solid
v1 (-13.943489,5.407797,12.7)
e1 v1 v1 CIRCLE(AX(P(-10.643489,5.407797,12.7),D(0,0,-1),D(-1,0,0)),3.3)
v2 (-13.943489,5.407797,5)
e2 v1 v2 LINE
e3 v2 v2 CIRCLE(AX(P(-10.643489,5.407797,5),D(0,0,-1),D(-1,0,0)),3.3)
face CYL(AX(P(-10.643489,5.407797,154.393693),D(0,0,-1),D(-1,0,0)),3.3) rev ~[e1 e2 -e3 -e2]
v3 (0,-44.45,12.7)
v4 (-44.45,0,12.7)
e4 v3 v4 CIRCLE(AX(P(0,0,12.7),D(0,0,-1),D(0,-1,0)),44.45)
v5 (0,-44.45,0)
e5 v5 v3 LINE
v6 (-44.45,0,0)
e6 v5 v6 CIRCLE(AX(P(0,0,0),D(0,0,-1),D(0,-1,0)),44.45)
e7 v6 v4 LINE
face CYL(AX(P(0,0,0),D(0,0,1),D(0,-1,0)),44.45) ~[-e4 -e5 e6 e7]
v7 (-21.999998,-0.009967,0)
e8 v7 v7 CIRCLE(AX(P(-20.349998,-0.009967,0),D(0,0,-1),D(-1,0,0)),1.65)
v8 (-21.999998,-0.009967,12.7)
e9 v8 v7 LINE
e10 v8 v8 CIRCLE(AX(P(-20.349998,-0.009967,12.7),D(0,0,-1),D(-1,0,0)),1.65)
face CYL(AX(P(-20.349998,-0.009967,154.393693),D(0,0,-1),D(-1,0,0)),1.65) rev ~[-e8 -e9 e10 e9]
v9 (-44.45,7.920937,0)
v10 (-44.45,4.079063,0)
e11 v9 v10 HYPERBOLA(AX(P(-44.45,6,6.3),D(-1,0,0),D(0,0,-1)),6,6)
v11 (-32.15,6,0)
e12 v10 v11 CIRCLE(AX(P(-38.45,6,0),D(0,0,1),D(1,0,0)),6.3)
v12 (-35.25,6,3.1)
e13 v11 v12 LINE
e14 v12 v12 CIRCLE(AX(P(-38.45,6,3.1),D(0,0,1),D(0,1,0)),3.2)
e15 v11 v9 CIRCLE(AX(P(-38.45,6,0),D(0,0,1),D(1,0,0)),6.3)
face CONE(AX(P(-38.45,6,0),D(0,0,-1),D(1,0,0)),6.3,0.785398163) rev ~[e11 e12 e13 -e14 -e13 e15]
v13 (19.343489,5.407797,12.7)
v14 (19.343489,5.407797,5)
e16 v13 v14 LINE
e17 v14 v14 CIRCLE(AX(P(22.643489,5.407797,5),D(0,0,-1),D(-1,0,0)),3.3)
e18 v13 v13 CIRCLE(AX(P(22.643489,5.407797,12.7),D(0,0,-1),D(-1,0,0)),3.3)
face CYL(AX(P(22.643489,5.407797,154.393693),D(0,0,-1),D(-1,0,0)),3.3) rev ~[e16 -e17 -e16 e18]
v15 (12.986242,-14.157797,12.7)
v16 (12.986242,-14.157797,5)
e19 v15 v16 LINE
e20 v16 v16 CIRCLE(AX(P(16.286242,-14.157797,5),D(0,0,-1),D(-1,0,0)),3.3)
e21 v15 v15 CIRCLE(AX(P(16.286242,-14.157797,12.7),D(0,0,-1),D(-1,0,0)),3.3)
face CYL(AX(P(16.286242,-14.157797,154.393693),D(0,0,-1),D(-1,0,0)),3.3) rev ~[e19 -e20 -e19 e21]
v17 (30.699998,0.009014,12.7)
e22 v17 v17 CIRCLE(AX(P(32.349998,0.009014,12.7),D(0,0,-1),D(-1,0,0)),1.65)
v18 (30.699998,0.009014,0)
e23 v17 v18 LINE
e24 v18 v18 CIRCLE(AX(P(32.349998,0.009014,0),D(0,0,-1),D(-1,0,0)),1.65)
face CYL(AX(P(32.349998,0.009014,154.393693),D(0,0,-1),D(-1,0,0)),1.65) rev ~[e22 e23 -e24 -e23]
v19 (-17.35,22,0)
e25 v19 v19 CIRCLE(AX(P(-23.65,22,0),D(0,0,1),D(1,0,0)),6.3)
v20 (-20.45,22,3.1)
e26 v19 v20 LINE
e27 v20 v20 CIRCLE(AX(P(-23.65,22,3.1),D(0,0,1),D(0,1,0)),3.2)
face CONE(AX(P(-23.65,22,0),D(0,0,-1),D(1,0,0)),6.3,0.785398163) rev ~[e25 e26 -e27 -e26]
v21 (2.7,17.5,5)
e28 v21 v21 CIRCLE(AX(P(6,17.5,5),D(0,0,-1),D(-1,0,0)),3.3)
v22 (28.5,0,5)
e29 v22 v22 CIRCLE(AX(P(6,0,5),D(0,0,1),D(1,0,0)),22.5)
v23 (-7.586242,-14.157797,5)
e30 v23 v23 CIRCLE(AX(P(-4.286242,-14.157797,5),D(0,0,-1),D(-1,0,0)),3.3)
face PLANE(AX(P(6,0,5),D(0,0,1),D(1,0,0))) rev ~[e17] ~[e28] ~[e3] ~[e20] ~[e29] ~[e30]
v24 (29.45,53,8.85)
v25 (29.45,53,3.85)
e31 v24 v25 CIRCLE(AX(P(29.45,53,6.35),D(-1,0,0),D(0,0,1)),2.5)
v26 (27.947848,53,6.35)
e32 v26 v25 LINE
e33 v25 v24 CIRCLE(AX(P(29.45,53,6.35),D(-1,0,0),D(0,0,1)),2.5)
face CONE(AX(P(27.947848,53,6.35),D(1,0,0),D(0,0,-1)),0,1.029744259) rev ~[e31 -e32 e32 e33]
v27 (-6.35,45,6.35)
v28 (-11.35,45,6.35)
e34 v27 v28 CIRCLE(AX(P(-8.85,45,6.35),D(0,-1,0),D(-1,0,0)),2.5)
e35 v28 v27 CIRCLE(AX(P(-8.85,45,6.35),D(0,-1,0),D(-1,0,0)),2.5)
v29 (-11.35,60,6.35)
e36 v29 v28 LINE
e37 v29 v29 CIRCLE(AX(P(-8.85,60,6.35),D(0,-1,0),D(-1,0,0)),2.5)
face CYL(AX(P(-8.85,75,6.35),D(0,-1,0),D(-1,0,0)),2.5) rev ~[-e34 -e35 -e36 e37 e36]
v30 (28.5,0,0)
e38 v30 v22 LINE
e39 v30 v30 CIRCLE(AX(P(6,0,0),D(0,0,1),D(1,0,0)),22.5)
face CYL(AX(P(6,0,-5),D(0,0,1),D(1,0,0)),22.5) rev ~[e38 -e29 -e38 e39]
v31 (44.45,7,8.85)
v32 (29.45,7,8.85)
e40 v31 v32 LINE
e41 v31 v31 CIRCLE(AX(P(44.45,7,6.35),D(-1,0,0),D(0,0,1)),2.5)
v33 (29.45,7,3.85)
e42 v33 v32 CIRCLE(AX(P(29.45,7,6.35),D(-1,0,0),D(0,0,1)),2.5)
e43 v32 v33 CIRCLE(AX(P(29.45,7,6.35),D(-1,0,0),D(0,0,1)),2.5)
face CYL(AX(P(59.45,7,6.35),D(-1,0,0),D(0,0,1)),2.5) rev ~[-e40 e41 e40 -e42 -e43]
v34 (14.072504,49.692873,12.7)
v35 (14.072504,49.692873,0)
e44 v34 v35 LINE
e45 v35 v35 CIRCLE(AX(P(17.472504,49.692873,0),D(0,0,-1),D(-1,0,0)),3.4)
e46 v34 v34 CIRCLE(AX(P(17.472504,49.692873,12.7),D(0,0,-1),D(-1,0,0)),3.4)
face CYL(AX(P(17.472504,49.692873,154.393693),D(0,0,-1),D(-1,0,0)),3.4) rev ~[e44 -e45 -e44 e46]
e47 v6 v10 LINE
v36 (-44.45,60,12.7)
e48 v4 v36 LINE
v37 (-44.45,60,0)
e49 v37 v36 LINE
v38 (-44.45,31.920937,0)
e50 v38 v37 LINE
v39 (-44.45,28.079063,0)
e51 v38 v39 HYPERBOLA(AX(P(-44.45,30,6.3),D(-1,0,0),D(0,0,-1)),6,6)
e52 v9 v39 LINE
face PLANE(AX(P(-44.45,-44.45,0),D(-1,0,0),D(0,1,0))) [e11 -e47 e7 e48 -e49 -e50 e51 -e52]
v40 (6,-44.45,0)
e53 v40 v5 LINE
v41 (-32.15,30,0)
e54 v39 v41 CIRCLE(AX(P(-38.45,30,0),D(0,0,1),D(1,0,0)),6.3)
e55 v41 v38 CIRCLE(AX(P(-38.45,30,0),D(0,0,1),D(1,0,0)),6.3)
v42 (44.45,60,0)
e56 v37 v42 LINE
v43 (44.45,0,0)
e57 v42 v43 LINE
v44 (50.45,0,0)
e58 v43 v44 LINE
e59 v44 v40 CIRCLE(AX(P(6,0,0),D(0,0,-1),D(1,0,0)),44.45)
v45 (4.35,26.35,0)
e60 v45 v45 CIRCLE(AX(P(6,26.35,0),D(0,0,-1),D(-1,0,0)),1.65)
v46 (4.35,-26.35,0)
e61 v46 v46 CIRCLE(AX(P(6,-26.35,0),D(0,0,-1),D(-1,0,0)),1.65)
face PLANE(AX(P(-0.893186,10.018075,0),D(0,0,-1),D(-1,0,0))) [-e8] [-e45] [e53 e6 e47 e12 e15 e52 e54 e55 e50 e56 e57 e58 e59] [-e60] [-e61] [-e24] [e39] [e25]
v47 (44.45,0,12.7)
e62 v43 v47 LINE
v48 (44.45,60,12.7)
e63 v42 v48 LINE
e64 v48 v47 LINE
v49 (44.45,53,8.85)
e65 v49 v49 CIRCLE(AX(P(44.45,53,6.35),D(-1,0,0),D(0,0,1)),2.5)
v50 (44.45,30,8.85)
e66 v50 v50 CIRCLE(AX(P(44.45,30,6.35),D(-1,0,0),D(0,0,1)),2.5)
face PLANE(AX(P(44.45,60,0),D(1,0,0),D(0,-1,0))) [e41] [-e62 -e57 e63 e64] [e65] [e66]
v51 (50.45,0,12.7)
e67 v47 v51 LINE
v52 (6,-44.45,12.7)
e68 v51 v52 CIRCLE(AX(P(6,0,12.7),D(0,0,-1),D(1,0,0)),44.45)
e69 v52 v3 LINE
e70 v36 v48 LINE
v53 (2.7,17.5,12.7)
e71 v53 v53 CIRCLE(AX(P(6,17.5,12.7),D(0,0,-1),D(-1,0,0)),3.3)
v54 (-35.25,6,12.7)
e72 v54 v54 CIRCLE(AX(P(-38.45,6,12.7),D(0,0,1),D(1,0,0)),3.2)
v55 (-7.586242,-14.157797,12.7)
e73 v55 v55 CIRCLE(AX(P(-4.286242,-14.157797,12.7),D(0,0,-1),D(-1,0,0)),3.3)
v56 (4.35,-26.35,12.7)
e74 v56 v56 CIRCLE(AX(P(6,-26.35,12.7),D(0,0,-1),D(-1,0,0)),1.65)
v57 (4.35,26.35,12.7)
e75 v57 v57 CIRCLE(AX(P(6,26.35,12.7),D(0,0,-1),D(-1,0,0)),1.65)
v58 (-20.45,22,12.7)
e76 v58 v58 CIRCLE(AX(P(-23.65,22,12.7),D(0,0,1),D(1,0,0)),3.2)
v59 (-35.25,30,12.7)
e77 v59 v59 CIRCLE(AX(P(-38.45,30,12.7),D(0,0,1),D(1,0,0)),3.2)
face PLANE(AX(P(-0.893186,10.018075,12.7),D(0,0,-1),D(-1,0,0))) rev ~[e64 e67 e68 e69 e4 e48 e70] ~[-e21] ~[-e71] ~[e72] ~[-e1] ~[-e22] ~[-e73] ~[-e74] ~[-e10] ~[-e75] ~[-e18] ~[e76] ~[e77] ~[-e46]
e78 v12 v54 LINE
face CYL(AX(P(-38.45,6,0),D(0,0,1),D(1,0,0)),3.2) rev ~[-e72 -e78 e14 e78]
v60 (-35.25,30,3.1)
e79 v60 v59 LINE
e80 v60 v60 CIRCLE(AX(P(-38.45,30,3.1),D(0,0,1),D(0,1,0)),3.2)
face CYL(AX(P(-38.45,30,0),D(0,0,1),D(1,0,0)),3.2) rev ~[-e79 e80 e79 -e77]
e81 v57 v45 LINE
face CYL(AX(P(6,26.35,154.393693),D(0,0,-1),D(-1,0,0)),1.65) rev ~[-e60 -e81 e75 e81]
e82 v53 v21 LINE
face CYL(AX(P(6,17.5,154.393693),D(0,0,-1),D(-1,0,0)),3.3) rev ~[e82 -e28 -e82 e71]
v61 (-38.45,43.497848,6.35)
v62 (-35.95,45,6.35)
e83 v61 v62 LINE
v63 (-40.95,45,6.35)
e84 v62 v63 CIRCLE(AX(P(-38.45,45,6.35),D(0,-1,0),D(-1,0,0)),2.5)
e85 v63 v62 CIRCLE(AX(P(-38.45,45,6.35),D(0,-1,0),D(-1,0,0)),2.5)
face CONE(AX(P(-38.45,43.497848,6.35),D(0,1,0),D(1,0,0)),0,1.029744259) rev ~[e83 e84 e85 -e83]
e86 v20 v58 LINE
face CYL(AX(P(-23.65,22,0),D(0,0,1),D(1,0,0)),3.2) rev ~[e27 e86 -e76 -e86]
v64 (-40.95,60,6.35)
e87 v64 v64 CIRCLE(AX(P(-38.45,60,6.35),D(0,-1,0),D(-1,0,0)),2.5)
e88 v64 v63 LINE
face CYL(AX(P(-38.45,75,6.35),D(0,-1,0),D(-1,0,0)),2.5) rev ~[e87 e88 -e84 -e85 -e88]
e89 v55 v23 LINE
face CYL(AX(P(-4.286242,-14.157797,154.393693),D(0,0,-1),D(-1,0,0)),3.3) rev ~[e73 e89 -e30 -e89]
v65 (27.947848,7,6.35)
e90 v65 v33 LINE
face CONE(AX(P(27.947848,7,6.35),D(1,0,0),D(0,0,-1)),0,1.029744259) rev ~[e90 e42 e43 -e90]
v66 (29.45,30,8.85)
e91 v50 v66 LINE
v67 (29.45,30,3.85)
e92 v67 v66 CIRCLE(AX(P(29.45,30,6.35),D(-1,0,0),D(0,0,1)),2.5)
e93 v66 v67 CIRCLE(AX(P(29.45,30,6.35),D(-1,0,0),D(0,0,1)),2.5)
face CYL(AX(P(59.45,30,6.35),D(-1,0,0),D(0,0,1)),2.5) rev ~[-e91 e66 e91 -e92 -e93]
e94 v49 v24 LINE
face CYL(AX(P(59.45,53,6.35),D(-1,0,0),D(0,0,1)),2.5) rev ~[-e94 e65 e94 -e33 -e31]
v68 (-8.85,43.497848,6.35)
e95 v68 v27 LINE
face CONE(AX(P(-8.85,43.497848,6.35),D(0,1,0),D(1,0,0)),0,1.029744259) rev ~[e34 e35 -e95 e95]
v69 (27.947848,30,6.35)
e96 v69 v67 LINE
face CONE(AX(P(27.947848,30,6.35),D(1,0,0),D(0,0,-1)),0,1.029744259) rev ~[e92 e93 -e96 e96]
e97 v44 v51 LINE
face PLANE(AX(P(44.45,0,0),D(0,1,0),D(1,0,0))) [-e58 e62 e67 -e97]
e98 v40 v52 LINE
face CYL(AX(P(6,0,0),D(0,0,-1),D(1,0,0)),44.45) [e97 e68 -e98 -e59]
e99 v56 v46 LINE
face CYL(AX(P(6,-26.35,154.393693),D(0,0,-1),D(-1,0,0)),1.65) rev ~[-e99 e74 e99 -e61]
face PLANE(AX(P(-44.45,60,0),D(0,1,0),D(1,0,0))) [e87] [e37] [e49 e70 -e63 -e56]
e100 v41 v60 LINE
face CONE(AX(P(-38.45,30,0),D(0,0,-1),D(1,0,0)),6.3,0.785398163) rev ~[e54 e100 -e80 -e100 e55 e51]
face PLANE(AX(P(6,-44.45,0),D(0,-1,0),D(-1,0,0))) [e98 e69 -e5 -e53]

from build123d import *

# Parameters (mm, degrees)
BOSS_EXTRUDE1_DEPTH                             = 12.7
M4X0_7_TAPPED_HOLE1_D                           = 3.3
M8X1_25_TAPPED_HOLE1_D                          = 6.8
CSK_FOR_M6_FLAT_HEAD_MACHINE_SCREW1_D           = 6.4
CSK_FOR_M6_FLAT_HEAD_MACHINE_SCREW1_CSINK_D     = 12.6
CSK_FOR_M6_FLAT_HEAD_MACHINE_SCREW1_CSINK_ANGLE = 90
M6X1_0_TAPPED_HOLE2_D                           = 5
M6X1_0_TAPPED_HOLE2_DEPTH                       = 15
M6X1_0_TAPPED_HOLE2_TIP                         = 1.502151548
M6X1_0_TAPPED_HOLE1_D                           = 5
M6X1_0_TAPPED_HOLE1_DEPTH                       = 15
M6X1_0_TAPPED_HOLE1_TIP                         = 1.502151548
CSK_FOR_M6_FLAT_HEAD_MACHINE_SCREW2_D           = 6.4
CSK_FOR_M6_FLAT_HEAD_MACHINE_SCREW2_CSINK_D     = 12.6
CSK_FOR_M6_FLAT_HEAD_MACHINE_SCREW2_CSINK_ANGLE = 90
F_1_3_4_CLEARANCE_HOLE1_D                       = 45
F_1_3_4_CLEARANCE_HOLE1_DEPTH                   = 5
M6_CLEARANCE_HOLE1_D                            = 6.6
FILLET1_R                                       = 44.45


with BuildPart() as part:
    # Sketch1 → Boss-Extrude1 (new body)
    with BuildSketch(Plane(origin=(0, 0, 0), x_dir=(-1, 0, 0), z_dir=(0, 0, -1))):
        with BuildLine():
            Line((-6, -44.45), (44.45, -44.45))
            Line((44.45, -44.45), (44.45, 60))
            Line((44.45, 60), (-44.45, 60))
            Line((-44.45, 60), (-44.45, 0))
            Line((-44.45, 0), (-50.45, 0))
            ThreePointArc((-50.45, 0), (-37.430896424, -31.430896424), (-6, -44.45))
        make_face()
    extrude(amount=-BOSS_EXTRUDE1_DEPTH)

    # M4x0.7 Tapped Hole1 (through all)
    with Locations(Plane.XY.offset(12.7)):
        with Locations((32.349998458, 0.009014041), (6, -26.35), (-20.349998115, -0.009967087), (6, 26.35)):
            Hole(M4X0_7_TAPPED_HOLE1_D / 2)

    # M8x1.25 Tapped Hole1 (through all)
    with Locations(Plane.XY.offset(12.7)):
        with Locations((17.47250377, 49.692873304)):
            Hole(M8X1_25_TAPPED_HOLE1_D / 2)

    # CSK for M6 Flat Head Machine Screw1 (through all)
    with Locations(Plane(origin=(0, 0, 0), x_dir=(-1, 0, 0), z_dir=(0, 0, -1))):
        with Locations((23.65, 22)):
            CounterSinkHole(CSK_FOR_M6_FLAT_HEAD_MACHINE_SCREW1_D / 2, CSK_FOR_M6_FLAT_HEAD_MACHINE_SCREW1_CSINK_D / 2, counter_sink_angle=CSK_FOR_M6_FLAT_HEAD_MACHINE_SCREW1_CSINK_ANGLE)

    # M6x1.0 Tapped Hole2
    with Locations(Plane(origin=(44.45, 0, 0), x_dir=(0, 0, -1), z_dir=(1, 0, 0))):
        with Locations((-6.35, 7), (-6.35, 53), (-6.35, 30)):
            Hole(M6X1_0_TAPPED_HOLE2_D / 2, depth=M6X1_0_TAPPED_HOLE2_DEPTH)
            with Locations((0, 0, -(M6X1_0_TAPPED_HOLE2_DEPTH + M6X1_0_TAPPED_HOLE2_TIP / 2))):  # 118° drill point
                Cone(0, M6X1_0_TAPPED_HOLE2_D / 2, M6X1_0_TAPPED_HOLE2_TIP, mode=Mode.SUBTRACT)

    # M6x1.0 Tapped Hole1
    with Locations(Plane(origin=(0, 60, 0), x_dir=(1, 0, 0), z_dir=(0, 1, 0))):
        with Locations((-38.45, -6.35), (-8.85, -6.35)):
            Hole(M6X1_0_TAPPED_HOLE1_D / 2, depth=M6X1_0_TAPPED_HOLE1_DEPTH)
            with Locations((0, 0, -(M6X1_0_TAPPED_HOLE1_DEPTH + M6X1_0_TAPPED_HOLE1_TIP / 2))):  # 118° drill point
                Cone(0, M6X1_0_TAPPED_HOLE1_D / 2, M6X1_0_TAPPED_HOLE1_TIP, mode=Mode.SUBTRACT)

    # CSK for M6 Flat Head Machine Screw2 (through all)
    with Locations(Plane(origin=(0, 0, 0), x_dir=(-1, 0, 0), z_dir=(0, 0, -1))):
        with Locations((38.45, 30), (38.45, 6)):
            CounterSinkHole(CSK_FOR_M6_FLAT_HEAD_MACHINE_SCREW2_D / 2, CSK_FOR_M6_FLAT_HEAD_MACHINE_SCREW2_CSINK_D / 2, counter_sink_angle=CSK_FOR_M6_FLAT_HEAD_MACHINE_SCREW2_CSINK_ANGLE)

    # 1-3/4 Clearance Hole1
    with Locations(Plane(origin=(0, 0, 0), x_dir=(-1, 0, 0), z_dir=(0, 0, -1))):
        with Locations((-6, 0)):
            Hole(F_1_3_4_CLEARANCE_HOLE1_D / 2, depth=F_1_3_4_CLEARANCE_HOLE1_DEPTH)

    # M6 Clearance Hole1 (through all)
    with Locations(Plane.XY.offset(12.7)):
        with Locations((6, 17.5), (22.643489035, 5.407797402), (16.286241915, -14.157797402), (-4.286241915, -14.157797402), (-10.643489035, 5.407797402)):
            Hole(M6_CLEARANCE_HOLE1_D / 2)

    # Fillet1
    fillet1_edges = [part.edges().sort_by_distance(p)[0] for p in [
        (-44.45, -44.45, 6.35),
    ]]
    fillet(fillet1_edges, radius=FILLET1_R)


solid = part.part
